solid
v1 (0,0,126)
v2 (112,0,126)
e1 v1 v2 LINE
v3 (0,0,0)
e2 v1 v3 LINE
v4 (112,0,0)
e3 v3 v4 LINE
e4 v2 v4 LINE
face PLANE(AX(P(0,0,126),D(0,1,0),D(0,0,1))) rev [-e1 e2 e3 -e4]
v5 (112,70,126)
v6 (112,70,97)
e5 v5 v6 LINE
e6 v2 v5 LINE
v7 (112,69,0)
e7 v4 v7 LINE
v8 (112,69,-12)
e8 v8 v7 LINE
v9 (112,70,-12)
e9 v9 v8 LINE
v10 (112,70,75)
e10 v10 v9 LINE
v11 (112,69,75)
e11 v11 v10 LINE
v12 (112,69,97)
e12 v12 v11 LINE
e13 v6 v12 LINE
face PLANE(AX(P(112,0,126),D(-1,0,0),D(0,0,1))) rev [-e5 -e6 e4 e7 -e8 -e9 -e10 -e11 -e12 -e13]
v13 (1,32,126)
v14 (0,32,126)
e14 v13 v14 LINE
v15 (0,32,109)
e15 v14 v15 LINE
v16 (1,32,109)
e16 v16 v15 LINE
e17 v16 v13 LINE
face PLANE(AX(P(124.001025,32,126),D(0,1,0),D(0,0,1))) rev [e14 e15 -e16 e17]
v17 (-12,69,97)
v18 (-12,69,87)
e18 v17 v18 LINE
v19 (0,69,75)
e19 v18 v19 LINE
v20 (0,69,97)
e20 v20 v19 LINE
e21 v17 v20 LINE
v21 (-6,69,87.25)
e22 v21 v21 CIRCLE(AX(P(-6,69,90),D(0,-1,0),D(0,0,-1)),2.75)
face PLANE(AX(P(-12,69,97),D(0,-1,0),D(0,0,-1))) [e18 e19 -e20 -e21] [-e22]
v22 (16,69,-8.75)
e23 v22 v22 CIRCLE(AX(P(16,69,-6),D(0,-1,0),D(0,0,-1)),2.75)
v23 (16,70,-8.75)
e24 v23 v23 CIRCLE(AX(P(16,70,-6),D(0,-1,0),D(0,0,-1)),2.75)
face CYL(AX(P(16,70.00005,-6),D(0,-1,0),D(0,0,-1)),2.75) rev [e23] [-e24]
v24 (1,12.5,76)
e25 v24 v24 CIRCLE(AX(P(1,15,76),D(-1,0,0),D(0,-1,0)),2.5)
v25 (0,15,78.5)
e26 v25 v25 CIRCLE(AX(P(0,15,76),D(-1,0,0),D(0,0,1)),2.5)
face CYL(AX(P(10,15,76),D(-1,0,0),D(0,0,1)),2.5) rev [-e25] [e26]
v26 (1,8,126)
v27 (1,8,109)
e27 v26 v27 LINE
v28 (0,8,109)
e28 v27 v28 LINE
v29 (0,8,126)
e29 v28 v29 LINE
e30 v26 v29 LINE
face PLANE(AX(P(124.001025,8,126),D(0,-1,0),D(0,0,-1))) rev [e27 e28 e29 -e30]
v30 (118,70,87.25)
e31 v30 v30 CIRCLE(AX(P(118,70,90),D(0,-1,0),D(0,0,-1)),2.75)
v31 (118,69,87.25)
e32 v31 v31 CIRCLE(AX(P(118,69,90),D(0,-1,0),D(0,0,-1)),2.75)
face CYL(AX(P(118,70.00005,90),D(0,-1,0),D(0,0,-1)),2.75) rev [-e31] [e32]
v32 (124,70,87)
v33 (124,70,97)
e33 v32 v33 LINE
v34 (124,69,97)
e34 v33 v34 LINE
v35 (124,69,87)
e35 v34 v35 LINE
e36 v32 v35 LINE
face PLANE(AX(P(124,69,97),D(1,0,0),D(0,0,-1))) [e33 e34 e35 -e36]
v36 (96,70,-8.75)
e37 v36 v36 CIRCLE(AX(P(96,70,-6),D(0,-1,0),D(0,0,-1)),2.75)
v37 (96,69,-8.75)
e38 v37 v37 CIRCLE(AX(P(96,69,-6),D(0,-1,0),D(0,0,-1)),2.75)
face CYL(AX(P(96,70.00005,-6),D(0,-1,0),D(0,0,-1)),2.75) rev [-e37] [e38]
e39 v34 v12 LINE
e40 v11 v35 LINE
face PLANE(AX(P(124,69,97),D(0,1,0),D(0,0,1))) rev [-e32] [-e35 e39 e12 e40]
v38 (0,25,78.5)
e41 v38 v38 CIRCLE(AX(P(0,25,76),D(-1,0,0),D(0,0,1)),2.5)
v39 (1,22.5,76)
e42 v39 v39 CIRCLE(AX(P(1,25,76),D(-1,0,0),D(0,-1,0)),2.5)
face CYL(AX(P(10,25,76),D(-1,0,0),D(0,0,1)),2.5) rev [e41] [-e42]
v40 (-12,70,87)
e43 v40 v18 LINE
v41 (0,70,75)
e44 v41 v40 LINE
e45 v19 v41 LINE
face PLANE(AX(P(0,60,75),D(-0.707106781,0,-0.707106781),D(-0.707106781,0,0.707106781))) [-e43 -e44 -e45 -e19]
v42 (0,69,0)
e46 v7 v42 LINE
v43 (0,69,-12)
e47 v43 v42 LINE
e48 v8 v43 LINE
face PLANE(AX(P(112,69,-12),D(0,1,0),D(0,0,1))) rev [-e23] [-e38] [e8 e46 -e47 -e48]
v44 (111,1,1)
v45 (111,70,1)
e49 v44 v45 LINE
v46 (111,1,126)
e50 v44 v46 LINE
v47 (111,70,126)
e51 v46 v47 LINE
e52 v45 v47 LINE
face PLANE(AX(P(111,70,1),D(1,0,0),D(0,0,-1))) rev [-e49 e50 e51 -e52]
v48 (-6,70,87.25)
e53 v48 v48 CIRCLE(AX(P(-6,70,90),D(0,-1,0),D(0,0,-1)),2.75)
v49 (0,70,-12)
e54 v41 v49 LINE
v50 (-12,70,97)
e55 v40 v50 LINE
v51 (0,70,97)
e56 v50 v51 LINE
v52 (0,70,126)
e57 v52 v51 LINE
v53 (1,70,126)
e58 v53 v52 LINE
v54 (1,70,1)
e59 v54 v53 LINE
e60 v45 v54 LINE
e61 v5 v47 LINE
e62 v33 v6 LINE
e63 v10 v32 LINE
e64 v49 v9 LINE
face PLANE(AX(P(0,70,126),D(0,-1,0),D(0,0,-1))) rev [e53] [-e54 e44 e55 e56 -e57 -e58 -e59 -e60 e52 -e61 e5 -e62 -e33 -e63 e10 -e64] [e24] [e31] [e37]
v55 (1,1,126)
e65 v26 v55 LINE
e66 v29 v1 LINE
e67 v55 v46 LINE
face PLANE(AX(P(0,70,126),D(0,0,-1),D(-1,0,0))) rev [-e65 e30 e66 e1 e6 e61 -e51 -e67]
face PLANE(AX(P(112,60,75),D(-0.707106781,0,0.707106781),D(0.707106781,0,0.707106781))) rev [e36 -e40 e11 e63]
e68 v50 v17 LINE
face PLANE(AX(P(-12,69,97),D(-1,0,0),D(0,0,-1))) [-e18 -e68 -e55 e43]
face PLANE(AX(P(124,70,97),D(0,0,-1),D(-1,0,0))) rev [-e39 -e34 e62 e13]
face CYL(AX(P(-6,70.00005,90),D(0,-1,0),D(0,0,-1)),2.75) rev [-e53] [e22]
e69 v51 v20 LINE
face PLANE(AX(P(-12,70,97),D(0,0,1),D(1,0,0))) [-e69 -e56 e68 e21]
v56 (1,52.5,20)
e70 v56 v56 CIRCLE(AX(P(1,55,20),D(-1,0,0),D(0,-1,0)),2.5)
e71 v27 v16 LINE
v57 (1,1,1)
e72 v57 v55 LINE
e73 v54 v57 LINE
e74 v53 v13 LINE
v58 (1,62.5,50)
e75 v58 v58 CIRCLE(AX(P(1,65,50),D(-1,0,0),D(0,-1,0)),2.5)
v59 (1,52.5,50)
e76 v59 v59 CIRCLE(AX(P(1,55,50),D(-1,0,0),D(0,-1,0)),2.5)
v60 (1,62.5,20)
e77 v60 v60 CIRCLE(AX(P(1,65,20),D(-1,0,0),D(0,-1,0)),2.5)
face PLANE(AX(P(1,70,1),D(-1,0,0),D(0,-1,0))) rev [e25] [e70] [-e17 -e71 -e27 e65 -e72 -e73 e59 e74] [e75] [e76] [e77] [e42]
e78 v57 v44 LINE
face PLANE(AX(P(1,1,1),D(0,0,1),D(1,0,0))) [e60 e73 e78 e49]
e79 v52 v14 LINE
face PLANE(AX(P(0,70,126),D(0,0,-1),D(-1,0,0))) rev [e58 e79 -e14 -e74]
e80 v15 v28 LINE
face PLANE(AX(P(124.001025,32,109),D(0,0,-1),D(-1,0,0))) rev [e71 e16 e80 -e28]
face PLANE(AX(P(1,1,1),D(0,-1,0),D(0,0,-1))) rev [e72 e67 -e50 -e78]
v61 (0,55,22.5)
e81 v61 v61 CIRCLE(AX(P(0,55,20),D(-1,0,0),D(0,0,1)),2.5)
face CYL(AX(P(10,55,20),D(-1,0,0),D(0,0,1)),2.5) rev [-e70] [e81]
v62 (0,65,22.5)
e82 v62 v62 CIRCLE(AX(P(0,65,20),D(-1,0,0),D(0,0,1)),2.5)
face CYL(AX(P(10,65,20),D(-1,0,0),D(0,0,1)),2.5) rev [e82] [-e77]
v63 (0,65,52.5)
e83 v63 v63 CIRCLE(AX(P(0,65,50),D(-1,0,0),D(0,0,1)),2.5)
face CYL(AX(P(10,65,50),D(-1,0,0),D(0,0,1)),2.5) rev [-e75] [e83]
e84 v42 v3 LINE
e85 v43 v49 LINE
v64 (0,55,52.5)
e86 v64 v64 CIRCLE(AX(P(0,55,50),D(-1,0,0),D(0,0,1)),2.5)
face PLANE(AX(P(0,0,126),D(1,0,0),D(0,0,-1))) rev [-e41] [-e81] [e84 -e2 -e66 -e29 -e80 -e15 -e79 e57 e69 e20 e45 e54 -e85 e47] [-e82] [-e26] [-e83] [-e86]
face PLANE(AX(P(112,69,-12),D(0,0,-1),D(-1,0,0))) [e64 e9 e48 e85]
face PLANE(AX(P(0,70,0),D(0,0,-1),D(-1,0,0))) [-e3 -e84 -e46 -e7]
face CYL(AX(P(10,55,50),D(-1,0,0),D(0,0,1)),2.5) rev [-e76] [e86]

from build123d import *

# Parameters (mm, degrees)
SKETCH_1_W          = 112
SKETCH_1_H          = 70
EXTRUDE_1_DEPTH     = 126
SKETCH_2_W          = 110
SKETCH_2_H          = 69
CUT_EXTRUDE_1_DEPTH = 125
SKETCH_3_W          = 112
SKETCH_3_H          = 1
EXTRUDE_2_DEPTH     = 12
SKETCH_4_W          = 22
SKETCH_4_H          = 1
EXTRUDE_3_DEPTH     = 12
CUT_EXTRUDE_2_DEPTH = 10
SKETCH_6_R          = 2.75
CUT_EXTRUDE_3_DEPTH = 190.770914526
CUT_EXTRUDE_5_REACH = 192.137
SKETCH_8_W          = 17
SKETCH_8_H          = 24
SKETCH_9_R          = 2.5
CUT_EXTRUDE_6_DEPTH = 10


with BuildPart() as part:
    # 草图1 → 拉伸1 (new body)
    with BuildSketch(Plane.XY):
        with Locations((56, 35)):
            Rectangle(SKETCH_1_W, SKETCH_1_H)
    extrude(amount=EXTRUDE_1_DEPTH)

    # 草图2 → 切除-拉伸1 (cut)
    with BuildSketch(Plane.XY.offset(126)):
        with Locations((56, 35.5)):
            Rectangle(SKETCH_2_W, SKETCH_2_H)
    extrude(amount=-CUT_EXTRUDE_1_DEPTH, mode=Mode.SUBTRACT)

    # 草图3 → 拉伸2 (add)
    with BuildSketch(Plane(origin=(0, 0, 0), x_dir=(-1, 0, 0), z_dir=(0, 0, -1))):
        with Locations((-56, 69.5)):
            Rectangle(SKETCH_3_W, SKETCH_3_H)
    extrude(amount=EXTRUDE_2_DEPTH)

    # 草图4 → 拉伸3 (add)
    with BuildSketch(Plane(origin=(112, 0, 0), x_dir=(0, 0, -1), z_dir=(1, 0, 0))):
        with Locations((-86, 69.5)):
            Rectangle(SKETCH_4_W, SKETCH_4_H)
    extrude_3 = extrude(amount=EXTRUDE_3_DEPTH)

    # 草图5 → 切除-拉伸2 (cut)
    with BuildSketch(Plane(origin=(0, 70, 0), x_dir=(-1, 0, 0), z_dir=(0, 1, 0))):
        Polygon((-112, 75), (-124, 87), (-124, 75), align=None)
    cut_extrude_2 = extrude(amount=-CUT_EXTRUDE_2_DEPTH, mode=Mode.SUBTRACT)

    # 镜向1: 拉伸3 across plane
    add(extrude_3.mirror(Plane.ZY.offset(-56)))

    # 镜向2: 切除-拉伸2 across plane
    add(cut_extrude_2.mirror(Plane.ZY.offset(-56)), mode=Mode.SUBTRACT)

    # 草图6 → 切除-拉伸3 (cut, through all)
    with BuildSketch(Plane.XZ.offset(-69)):
        with Locations(Location((-6, 90, 0), (0, 0, 270))):
            Circle(SKETCH_6_R)
        with Locations(Location((118, 90, 0), (0, 0, 270))):
            Circle(SKETCH_6_R)
        with Locations(Location((16, -6, 0), (0, 0, 270))):
            Circle(SKETCH_6_R)
        with Locations(Location((96, -6, 0), (0, 0, 270))):
            Circle(SKETCH_6_R)
    extrude(amount=-CUT_EXTRUDE_3_DEPTH, mode=Mode.SUBTRACT)

    # 草图8 → 切除-拉伸5 (cut, up to next)
    with BuildSketch(Plane.ZY, mode=Mode.PRIVATE) as cut_extrude_5_sk1:
        with Locations((117.5, 20)):
            Rectangle(SKETCH_8_W, SKETCH_8_H)
    cut_extrude_5_tool1 = extrude(cut_extrude_5_sk1.sketch, amount=-CUT_EXTRUDE_5_REACH, mode=Mode.PRIVATE) & part.part
    add(cut_extrude_5_tool1.solids().sort_by_distance((0, 20, 117.5))[0], mode=Mode.SUBTRACT)

    # 草图9 → 切除-拉伸6 (cut)
    with BuildSketch(Plane.ZY):
        with Locations((20, 65)):
            Circle(SKETCH_9_R)
        with Locations((20, 55)):
            Circle(SKETCH_9_R)
        with Locations((50, 65)):
            Circle(SKETCH_9_R)
        with Locations((50, 55)):
            Circle(SKETCH_9_R)
        with Locations((76, 25)):
            Circle(SKETCH_9_R)
        with Locations((76, 15)):
            Circle(SKETCH_9_R)
    extrude(amount=-CUT_EXTRUDE_6_DEPTH, mode=Mode.SUBTRACT)


solid = part.part
